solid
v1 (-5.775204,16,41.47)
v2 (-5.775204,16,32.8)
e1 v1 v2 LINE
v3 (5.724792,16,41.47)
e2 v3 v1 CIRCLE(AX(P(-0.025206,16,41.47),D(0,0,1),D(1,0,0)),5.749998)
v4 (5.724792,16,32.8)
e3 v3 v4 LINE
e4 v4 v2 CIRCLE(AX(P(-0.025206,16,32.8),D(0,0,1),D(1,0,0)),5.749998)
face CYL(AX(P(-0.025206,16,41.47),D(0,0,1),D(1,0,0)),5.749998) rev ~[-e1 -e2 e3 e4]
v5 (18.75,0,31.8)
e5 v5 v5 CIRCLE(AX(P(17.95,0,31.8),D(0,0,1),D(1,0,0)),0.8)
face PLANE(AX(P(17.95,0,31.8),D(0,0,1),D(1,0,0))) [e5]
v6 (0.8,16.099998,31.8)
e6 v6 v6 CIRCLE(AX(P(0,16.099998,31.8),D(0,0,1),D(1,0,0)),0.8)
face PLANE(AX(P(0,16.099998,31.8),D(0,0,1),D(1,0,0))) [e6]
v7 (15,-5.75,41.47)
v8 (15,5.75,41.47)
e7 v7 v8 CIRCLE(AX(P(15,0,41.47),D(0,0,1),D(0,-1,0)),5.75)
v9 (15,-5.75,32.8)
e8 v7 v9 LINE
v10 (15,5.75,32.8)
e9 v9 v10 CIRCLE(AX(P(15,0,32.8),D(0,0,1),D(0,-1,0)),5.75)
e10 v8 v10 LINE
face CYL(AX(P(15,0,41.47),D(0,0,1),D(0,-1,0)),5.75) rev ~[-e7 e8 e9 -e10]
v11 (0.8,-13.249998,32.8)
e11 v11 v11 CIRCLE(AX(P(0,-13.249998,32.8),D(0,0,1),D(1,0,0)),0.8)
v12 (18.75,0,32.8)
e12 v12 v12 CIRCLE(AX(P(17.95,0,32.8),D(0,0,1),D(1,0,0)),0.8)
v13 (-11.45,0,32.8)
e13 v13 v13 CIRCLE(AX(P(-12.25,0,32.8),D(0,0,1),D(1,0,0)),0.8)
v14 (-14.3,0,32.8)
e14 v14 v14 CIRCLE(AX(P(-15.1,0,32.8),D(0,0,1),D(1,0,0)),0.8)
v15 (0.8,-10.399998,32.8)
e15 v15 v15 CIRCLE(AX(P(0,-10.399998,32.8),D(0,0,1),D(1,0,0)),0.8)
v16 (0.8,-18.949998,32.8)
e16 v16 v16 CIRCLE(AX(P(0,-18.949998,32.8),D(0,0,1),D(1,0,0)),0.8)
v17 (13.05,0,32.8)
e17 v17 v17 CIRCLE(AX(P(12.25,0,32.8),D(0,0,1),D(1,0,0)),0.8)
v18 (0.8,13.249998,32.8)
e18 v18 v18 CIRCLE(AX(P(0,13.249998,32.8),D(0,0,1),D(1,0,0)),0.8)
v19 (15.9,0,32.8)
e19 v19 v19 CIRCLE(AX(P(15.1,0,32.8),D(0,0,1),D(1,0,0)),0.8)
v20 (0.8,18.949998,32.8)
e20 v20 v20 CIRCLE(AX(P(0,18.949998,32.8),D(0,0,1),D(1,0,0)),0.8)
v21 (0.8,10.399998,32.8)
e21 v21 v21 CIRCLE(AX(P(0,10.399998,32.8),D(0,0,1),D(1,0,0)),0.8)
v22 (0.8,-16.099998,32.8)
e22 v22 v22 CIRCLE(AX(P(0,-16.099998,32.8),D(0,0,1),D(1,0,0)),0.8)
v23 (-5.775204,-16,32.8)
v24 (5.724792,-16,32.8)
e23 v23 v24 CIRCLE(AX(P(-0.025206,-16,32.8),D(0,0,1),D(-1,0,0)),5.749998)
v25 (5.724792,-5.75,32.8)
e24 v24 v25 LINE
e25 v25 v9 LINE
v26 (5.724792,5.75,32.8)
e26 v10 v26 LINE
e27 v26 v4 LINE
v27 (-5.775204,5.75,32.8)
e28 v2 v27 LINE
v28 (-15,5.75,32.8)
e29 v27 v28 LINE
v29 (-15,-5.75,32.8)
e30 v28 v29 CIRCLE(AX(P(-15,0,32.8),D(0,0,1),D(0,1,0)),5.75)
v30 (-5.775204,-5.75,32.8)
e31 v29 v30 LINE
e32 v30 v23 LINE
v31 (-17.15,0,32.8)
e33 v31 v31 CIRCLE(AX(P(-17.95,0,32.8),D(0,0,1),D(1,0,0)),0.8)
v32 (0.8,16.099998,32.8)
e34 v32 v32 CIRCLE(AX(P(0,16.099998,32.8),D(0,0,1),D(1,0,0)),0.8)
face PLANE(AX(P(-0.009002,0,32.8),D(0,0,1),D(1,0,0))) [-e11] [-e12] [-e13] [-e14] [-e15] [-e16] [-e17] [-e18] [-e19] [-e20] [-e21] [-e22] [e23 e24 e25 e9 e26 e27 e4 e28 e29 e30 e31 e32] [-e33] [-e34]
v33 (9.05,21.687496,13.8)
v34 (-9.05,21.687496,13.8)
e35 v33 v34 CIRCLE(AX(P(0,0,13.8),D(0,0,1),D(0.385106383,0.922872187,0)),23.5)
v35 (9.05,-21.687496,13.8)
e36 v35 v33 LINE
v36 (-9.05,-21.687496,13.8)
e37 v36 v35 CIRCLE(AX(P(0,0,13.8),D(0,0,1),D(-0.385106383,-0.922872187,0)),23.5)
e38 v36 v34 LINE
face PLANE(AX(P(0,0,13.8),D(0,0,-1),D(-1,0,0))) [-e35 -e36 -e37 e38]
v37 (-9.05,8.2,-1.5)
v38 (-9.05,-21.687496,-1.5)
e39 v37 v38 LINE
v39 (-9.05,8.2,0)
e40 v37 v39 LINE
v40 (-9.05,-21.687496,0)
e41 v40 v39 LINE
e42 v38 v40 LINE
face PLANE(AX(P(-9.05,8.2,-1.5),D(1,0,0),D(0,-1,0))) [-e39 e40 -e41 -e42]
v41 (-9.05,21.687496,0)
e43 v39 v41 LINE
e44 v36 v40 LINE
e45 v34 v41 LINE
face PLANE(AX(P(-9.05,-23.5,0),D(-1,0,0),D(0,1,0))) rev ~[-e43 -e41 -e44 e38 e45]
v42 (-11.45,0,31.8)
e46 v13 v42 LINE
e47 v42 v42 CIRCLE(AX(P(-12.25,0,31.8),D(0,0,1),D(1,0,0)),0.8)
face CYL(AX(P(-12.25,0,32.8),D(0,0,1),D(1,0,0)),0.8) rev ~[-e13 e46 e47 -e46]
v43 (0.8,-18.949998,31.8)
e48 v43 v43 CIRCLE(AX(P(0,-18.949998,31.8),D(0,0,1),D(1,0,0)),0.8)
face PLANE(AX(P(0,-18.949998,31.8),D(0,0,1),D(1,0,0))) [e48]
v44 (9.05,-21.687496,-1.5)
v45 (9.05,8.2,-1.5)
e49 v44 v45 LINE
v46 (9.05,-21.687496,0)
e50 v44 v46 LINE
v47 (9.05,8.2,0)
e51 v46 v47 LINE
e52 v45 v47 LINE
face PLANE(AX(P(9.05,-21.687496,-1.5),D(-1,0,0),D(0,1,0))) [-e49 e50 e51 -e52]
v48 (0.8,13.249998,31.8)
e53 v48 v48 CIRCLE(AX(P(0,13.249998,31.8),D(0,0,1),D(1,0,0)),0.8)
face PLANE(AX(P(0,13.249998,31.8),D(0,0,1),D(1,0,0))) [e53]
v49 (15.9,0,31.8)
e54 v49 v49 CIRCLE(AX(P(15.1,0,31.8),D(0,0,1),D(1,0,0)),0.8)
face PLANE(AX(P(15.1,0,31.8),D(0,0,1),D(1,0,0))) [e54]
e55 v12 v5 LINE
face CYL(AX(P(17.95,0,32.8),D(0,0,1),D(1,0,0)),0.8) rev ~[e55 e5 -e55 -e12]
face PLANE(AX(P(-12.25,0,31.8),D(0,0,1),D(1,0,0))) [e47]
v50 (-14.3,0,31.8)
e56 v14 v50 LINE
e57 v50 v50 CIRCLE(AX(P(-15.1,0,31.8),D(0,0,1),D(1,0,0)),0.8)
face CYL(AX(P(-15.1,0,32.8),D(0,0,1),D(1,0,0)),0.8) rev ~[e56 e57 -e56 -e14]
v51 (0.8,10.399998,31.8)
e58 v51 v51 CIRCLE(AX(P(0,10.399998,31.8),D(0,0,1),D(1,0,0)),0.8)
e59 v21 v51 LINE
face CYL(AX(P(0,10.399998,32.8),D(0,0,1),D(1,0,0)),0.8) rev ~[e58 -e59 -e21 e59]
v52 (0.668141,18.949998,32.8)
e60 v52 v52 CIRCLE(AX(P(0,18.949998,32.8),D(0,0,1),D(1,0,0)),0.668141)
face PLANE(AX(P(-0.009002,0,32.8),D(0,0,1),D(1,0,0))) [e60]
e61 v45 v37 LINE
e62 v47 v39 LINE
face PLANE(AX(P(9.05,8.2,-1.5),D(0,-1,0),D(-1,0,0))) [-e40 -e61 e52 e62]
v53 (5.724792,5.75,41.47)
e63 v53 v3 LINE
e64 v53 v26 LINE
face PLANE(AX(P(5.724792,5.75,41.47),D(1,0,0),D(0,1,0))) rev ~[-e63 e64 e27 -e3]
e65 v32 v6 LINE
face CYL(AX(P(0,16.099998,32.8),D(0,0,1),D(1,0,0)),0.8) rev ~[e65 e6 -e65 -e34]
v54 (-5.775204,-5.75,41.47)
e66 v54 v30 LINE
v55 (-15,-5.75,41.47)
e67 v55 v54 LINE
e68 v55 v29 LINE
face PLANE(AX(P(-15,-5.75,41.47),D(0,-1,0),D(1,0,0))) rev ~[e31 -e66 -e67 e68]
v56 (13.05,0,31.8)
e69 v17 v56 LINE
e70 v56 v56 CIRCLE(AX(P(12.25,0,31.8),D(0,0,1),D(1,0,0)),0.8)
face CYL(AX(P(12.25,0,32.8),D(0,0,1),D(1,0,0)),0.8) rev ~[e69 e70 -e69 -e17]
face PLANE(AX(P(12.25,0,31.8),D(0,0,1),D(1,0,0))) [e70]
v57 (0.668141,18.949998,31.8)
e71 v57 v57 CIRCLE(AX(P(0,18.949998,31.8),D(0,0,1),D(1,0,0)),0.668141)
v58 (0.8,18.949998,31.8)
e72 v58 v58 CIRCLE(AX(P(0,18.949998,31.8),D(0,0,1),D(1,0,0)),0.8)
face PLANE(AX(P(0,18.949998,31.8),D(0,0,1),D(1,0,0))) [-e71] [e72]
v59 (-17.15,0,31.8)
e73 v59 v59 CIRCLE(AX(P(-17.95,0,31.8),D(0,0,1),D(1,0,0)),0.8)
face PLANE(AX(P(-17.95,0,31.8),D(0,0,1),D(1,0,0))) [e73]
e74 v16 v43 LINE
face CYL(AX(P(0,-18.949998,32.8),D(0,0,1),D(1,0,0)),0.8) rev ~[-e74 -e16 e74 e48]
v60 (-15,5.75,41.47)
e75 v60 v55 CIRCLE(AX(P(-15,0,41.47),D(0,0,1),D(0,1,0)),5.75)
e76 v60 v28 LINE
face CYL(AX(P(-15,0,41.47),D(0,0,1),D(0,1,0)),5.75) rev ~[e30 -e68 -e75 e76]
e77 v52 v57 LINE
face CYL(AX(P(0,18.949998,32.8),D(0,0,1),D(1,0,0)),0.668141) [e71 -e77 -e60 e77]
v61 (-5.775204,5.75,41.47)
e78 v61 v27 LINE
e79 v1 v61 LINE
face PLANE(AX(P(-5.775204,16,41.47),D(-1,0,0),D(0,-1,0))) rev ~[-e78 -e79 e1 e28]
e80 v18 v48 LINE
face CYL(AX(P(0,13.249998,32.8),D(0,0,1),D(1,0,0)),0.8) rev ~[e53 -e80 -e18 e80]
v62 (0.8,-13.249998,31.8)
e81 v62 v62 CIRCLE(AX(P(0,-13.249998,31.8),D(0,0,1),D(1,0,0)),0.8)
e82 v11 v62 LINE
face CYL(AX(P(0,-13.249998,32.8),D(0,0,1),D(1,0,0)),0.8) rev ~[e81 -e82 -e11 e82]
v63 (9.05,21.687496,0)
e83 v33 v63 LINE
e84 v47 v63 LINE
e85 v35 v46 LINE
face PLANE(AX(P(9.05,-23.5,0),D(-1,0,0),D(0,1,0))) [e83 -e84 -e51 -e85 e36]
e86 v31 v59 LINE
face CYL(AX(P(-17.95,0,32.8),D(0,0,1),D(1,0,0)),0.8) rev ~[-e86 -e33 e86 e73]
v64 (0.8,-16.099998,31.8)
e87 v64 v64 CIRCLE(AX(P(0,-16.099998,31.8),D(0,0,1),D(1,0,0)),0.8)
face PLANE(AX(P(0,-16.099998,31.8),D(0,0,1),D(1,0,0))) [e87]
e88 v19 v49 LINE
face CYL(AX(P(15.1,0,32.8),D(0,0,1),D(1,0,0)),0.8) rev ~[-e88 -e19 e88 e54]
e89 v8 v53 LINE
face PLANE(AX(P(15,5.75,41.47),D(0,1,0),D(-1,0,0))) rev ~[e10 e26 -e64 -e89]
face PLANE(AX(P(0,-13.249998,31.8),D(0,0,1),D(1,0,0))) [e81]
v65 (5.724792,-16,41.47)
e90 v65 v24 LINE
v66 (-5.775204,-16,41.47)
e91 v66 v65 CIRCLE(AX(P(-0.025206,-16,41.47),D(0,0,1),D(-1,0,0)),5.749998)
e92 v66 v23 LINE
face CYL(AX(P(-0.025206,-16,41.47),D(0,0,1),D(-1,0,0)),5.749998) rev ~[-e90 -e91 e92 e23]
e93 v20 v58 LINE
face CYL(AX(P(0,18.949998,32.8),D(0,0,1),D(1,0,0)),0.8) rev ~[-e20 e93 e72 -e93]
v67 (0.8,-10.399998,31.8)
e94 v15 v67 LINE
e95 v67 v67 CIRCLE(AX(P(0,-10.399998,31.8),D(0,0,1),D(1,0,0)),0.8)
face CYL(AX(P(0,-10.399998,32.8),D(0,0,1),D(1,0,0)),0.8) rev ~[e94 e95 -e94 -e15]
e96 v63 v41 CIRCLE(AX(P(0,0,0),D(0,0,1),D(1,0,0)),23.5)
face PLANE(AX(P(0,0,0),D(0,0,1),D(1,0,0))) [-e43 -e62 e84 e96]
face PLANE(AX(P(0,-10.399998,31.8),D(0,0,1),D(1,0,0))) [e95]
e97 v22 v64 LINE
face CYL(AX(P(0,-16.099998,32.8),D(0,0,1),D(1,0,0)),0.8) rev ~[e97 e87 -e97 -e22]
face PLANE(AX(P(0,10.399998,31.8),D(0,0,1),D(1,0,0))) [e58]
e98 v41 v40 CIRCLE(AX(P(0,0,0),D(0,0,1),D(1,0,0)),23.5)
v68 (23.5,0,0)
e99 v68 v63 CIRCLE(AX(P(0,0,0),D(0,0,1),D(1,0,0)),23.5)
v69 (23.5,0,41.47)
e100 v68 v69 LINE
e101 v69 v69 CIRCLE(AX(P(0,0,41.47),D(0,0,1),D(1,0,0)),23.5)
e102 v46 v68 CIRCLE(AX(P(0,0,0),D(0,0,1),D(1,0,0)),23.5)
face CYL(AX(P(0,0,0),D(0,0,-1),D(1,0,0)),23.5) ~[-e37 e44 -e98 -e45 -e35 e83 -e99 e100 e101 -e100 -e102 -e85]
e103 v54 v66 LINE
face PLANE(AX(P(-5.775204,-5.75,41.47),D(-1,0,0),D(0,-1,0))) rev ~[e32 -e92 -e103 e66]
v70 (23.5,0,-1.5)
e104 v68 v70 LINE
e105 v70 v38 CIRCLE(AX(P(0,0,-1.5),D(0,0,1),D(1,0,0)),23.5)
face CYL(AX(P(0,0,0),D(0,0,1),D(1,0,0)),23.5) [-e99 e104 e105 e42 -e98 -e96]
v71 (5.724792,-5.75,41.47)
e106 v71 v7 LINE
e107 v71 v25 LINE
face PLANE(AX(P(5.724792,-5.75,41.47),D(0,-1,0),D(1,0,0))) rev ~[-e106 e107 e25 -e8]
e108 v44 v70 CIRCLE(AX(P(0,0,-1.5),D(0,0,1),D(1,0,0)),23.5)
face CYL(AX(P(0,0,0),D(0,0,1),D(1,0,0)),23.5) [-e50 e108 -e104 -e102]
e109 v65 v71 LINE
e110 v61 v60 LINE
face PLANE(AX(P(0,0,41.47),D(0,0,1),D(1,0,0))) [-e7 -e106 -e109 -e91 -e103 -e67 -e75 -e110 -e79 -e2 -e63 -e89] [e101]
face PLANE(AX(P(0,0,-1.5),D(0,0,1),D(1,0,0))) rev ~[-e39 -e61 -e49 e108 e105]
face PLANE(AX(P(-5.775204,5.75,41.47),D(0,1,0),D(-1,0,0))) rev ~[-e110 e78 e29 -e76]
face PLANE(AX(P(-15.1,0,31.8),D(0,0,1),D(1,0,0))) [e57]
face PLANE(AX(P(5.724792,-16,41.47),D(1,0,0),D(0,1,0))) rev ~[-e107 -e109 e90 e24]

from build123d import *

# Parameters (mm, degrees)
SKETCH1_R           = 23.5
BOSS_EXTRUDE1_DEPTH = 41.47
SKETCH5_W           = 18.1
SKETCH5_H           = 47
CUT_EXTRUDE1_DEPTH  = 13.8
SKETCH6_R           = 23.5
BOSS_EXTRUDE2_DEPTH = 1.5
CUT_EXTRUDE5_DEPTH  = 1.5
CUT_EXTRUDE10_DEPTH = 8.67
SKETCH14_R          = 0.8
SKETCH14_R_2        = 0.668140713
CUT_EXTRUDE12_DEPTH = 1


with BuildPart() as part:
    # Sketch1 → Boss-Extrude1 (new body)
    with BuildSketch(Plane.XY):
        Circle(SKETCH1_R)
    extrude(amount=BOSS_EXTRUDE1_DEPTH)

    # Sketch5 → Cut-Extrude1 (cut)
    with BuildSketch(Plane(origin=(0, 0, 0), x_dir=(-1, 0, 0), z_dir=(0, 0, -1))):
        Rectangle(SKETCH5_W, SKETCH5_H)
    extrude(amount=-CUT_EXTRUDE1_DEPTH, mode=Mode.SUBTRACT)

    # Sketch6 → Boss-Extrude2 (add)
    with BuildSketch(Plane.XY):
        Circle(SKETCH6_R)
    extrude(amount=-BOSS_EXTRUDE2_DEPTH)

    # Sketch8 → Cut-Extrude5 (cut)
    with BuildSketch(Plane(origin=(0, 0, -1.5), x_dir=(-1, 0, 0), z_dir=(0, 0, -1))):
        with BuildLine():
            Line((-9.05, 8.2), (9.05, 8.2))
            Line((9.05, 8.2), (9.05, -21.687496398))
            ThreePointArc((9.05, -21.687496398), (0, -23.5), (-9.05, -21.687496398))
            Line((-9.05, -21.687496398), (-9.05, 8.2))
        make_face()
    extrude(amount=-CUT_EXTRUDE5_DEPTH, mode=Mode.SUBTRACT)

    # Sketch9 → Cut-Extrude10 (cut)
    with BuildSketch(Plane.XY.offset(41.47)):
        with BuildLine():
            Line((-5.775203881, 16), (-5.775203881, 5.75))
            Line((-5.775203881, 5.75), (-15, 5.75))
            ThreePointArc((-15, 5.75), (-20.75, 0), (-15, -5.75))
            Line((-15, -5.75), (-5.775203881, -5.75))
            Line((-5.775203881, -5.75), (-5.775203881, -16))
            ThreePointArc((-5.775203881, -16), (-0.025205722, -21.749998159), (5.724792437, -16))
            Line((5.724792437, -16), (5.724792437, -5.75))
            Line((5.724792437, -5.75), (15, -5.75))
            ThreePointArc((15, -5.75), (20.75, 0), (15, 5.75))
            Line((15, 5.75), (5.724792437, 5.75))
            Line((5.724792437, 5.75), (5.724792437, 16))
            ThreePointArc((5.724792437, 16), (-0.025205722, 21.749998159), (-5.775203881, 16))
        make_face()
    extrude(amount=-CUT_EXTRUDE10_DEPTH, mode=Mode.SUBTRACT)

    # Sketch14 → Cut-Extrude12 (cut)
    with BuildSketch(Plane.XY.offset(32.8)):
        with Locations((0, 18.949998159)):
            Circle(SKETCH14_R)
        with Locations((0, 18.949998159)):
            Circle(SKETCH14_R_2, mode=Mode.SUBTRACT)
        with Locations((0, 10.399998159)):
            Circle(SKETCH14_R)
        with Locations((0, 13.249998159)):
            Circle(SKETCH14_R)
        with Locations((0, 16.099998159)):
            Circle(SKETCH14_R)
        with Locations((0, -10.399998159)):
            Circle(SKETCH14_R)
        with Locations((0, -13.249998159)):
            Circle(SKETCH14_R)
        with Locations((0, -16.099998159)):
            Circle(SKETCH14_R)
        with Locations((0, -18.949998159)):
            Circle(SKETCH14_R)
        with Locations((12.25, 0)):
            Circle(SKETCH14_R)
        with Locations((15.1, 0)):
            Circle(SKETCH14_R)
        with Locations((17.95, 0)):
            Circle(SKETCH14_R)
        with Locations((-12.25, 0)):
            Circle(SKETCH14_R)
        with Locations((-15.1, 0)):
            Circle(SKETCH14_R)
        with Locations((-17.95, 0)):
            Circle(SKETCH14_R)
    extrude(amount=-CUT_EXTRUDE12_DEPTH, mode=Mode.SUBTRACT)


solid = part.part
